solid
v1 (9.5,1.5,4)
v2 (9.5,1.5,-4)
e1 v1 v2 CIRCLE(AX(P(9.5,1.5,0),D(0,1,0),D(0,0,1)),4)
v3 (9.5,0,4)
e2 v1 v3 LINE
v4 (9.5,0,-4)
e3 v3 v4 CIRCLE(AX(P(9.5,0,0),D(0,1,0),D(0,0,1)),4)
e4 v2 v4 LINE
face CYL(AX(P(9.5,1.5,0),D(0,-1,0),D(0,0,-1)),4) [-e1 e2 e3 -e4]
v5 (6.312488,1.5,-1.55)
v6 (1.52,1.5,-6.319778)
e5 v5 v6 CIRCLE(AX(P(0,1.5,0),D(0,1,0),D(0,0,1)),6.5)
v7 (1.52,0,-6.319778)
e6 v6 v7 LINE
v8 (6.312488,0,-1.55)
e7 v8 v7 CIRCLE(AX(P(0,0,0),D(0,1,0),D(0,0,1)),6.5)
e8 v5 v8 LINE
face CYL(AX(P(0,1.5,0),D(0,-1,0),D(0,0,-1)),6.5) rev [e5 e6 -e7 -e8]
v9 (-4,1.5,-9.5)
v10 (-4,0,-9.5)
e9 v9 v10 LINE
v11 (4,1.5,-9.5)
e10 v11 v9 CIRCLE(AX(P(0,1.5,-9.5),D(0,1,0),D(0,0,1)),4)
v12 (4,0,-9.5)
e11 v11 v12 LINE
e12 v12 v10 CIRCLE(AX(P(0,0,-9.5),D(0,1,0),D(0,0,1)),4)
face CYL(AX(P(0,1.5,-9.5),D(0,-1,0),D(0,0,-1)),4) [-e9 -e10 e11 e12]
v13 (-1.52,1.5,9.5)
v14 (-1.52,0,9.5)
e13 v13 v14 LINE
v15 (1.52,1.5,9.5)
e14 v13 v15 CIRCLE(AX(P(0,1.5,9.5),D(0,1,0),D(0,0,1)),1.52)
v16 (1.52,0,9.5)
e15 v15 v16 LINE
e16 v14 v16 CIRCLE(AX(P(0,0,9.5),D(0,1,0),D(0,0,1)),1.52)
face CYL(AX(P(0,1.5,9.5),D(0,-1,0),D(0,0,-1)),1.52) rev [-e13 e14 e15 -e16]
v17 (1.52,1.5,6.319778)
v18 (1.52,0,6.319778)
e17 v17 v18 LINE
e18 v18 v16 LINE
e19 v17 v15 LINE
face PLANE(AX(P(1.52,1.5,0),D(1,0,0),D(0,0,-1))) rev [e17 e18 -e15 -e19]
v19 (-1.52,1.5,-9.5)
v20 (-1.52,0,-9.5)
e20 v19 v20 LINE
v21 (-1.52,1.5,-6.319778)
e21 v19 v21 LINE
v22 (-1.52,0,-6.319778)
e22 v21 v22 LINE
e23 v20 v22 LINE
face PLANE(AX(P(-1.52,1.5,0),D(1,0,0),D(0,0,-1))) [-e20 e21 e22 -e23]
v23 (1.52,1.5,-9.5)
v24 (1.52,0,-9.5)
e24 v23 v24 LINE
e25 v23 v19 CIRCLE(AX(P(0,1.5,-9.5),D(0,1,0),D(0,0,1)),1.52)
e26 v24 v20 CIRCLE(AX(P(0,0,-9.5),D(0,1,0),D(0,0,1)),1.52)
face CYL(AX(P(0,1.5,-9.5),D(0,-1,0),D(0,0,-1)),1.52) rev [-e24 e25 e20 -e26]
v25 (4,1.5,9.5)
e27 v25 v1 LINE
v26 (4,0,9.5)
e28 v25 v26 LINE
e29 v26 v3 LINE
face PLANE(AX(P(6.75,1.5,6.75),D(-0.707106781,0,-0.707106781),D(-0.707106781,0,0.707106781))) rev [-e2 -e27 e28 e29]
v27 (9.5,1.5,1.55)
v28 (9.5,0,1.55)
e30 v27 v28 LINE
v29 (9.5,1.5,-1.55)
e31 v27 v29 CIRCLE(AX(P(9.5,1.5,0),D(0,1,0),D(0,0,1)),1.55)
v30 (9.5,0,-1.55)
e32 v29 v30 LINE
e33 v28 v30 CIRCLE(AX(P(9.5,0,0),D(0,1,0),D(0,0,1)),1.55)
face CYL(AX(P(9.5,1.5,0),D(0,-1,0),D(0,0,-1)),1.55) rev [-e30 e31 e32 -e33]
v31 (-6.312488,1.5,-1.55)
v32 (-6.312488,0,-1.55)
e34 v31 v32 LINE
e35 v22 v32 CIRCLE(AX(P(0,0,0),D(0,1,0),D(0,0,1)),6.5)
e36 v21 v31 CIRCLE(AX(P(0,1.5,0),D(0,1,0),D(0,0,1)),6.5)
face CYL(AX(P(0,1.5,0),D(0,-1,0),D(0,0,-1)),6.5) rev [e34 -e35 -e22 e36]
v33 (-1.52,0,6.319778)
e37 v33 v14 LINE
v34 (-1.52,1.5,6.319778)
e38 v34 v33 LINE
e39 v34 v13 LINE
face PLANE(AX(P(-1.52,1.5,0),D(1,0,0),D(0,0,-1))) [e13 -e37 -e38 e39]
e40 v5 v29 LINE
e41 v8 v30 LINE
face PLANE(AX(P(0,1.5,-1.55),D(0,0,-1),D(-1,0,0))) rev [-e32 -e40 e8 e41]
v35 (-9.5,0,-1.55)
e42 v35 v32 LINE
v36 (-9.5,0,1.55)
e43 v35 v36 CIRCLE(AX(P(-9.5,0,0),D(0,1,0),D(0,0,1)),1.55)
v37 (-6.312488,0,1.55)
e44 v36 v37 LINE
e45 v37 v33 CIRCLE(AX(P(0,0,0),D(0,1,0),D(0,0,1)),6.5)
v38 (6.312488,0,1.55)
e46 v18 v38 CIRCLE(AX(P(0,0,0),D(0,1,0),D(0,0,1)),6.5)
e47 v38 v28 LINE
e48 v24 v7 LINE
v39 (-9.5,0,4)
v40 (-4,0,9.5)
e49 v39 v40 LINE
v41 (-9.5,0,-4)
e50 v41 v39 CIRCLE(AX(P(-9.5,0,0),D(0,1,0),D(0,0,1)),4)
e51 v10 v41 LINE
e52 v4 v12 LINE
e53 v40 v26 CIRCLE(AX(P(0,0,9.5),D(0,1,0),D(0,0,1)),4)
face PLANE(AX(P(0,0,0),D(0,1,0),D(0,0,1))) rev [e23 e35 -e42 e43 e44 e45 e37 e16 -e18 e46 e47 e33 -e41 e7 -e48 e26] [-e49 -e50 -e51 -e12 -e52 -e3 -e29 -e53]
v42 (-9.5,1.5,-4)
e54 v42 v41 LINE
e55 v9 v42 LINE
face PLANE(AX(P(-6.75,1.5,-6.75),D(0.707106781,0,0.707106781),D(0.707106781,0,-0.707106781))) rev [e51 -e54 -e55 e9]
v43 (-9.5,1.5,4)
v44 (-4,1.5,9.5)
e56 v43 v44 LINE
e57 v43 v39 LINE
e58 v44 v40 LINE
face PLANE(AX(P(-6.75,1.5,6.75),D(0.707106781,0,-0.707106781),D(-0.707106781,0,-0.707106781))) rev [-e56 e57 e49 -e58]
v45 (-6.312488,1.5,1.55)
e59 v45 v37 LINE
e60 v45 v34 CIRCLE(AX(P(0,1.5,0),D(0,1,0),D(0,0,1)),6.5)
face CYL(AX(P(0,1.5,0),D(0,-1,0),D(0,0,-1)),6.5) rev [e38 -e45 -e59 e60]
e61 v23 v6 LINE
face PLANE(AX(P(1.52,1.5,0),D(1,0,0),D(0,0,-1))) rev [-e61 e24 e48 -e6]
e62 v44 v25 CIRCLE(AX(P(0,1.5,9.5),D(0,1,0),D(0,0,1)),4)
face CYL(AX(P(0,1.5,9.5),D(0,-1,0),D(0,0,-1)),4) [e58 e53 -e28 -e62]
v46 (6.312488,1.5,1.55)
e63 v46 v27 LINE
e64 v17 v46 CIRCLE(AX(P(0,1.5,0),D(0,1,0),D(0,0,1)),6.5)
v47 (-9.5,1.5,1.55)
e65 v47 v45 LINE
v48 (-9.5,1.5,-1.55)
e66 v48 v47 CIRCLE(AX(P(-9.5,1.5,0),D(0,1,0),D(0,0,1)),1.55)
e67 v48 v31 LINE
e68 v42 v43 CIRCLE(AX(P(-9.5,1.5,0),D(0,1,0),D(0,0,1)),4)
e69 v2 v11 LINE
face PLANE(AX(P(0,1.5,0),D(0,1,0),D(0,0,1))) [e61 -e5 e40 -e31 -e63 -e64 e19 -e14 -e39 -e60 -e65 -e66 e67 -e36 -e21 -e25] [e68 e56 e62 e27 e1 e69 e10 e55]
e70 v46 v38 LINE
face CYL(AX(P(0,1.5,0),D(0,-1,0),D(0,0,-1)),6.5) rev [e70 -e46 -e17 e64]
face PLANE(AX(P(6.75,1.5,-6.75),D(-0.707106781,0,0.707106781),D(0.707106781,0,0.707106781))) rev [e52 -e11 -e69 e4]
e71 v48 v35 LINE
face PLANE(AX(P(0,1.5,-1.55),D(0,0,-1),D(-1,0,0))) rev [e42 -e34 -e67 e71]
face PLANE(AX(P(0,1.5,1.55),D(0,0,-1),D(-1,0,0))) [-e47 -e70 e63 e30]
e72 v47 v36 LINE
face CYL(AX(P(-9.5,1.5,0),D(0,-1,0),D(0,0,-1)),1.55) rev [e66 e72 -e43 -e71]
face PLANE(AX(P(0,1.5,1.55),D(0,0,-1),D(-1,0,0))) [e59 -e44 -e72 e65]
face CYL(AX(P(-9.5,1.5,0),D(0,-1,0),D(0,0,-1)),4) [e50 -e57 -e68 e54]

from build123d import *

# Parameters (mm, degrees)
BOSS_EXTRUDE1_DEPTH = 1.5


with BuildPart() as part:
    # Sketch10 → Boss-Extrude1 (new body)
    with BuildSketch(Plane(origin=(0, 0, 0), x_dir=(1, 0, 0), z_dir=(0, 1, 0))):
        with BuildLine():
            ThreePointArc((-9.5, 4), (-13.5, 0), (-9.5, -4))
            Line((-9.5, -4), (-4, -9.5))
            ThreePointArc((-4, -9.5), (0, -13.5), (4, -9.5))
            Line((4, -9.5), (9.5, -4))
            ThreePointArc((9.5, -4), (13.5, 0), (9.5, 4))
            Line((9.5, 4), (4, 9.5))
            ThreePointArc((4, 9.5), (0, 13.5), (-4, 9.5))
            Line((-4, 9.5), (-9.5, 4))
        make_face()
        with BuildLine():
            ThreePointArc((-9.5, -1.55), (-11.05, 0), (-9.5, 1.55))
            Line((-9.5, 1.55), (-6.312487624, 1.55))
            ThreePointArc((-6.312487624, 1.55), (-4.58526578, 4.607096453), (-1.52, 6.319778477))
            Line((-1.52, 6.319778477), (-1.52, 9.5))
            ThreePointArc((-1.52, 9.5), (0, 11.02), (1.52, 9.5))
            Line((1.52, 9.5), (1.52, 6.319778477))
            ThreePointArc((1.52, 6.319778477), (4.58526578, 4.607096453), (6.312487624, 1.55))
            Line((6.312487624, 1.55), (9.5, 1.55))
            ThreePointArc((9.5, 1.55), (11.05, 0), (9.5, -1.55))
            Line((9.5, -1.55), (6.312487624, -1.55))
            ThreePointArc((6.312487624, -1.55), (4.58526578, -4.607096453), (1.52, -6.319778477))
            Line((1.52, -6.319778477), (1.52, -9.5))
            ThreePointArc((1.52, -9.5), (0, -11.02), (-1.52, -9.5))
            Line((-1.52, -9.5), (-1.52, -6.319778477))
            ThreePointArc((-1.52, -6.319778477), (-4.58526578, -4.607096453), (-6.312487624, -1.55))
            Line((-6.312487624, -1.55), (-9.5, -1.55))
        make_face(mode=Mode.SUBTRACT)
    extrude(amount=BOSS_EXTRUDE1_DEPTH)


solid = part.part
